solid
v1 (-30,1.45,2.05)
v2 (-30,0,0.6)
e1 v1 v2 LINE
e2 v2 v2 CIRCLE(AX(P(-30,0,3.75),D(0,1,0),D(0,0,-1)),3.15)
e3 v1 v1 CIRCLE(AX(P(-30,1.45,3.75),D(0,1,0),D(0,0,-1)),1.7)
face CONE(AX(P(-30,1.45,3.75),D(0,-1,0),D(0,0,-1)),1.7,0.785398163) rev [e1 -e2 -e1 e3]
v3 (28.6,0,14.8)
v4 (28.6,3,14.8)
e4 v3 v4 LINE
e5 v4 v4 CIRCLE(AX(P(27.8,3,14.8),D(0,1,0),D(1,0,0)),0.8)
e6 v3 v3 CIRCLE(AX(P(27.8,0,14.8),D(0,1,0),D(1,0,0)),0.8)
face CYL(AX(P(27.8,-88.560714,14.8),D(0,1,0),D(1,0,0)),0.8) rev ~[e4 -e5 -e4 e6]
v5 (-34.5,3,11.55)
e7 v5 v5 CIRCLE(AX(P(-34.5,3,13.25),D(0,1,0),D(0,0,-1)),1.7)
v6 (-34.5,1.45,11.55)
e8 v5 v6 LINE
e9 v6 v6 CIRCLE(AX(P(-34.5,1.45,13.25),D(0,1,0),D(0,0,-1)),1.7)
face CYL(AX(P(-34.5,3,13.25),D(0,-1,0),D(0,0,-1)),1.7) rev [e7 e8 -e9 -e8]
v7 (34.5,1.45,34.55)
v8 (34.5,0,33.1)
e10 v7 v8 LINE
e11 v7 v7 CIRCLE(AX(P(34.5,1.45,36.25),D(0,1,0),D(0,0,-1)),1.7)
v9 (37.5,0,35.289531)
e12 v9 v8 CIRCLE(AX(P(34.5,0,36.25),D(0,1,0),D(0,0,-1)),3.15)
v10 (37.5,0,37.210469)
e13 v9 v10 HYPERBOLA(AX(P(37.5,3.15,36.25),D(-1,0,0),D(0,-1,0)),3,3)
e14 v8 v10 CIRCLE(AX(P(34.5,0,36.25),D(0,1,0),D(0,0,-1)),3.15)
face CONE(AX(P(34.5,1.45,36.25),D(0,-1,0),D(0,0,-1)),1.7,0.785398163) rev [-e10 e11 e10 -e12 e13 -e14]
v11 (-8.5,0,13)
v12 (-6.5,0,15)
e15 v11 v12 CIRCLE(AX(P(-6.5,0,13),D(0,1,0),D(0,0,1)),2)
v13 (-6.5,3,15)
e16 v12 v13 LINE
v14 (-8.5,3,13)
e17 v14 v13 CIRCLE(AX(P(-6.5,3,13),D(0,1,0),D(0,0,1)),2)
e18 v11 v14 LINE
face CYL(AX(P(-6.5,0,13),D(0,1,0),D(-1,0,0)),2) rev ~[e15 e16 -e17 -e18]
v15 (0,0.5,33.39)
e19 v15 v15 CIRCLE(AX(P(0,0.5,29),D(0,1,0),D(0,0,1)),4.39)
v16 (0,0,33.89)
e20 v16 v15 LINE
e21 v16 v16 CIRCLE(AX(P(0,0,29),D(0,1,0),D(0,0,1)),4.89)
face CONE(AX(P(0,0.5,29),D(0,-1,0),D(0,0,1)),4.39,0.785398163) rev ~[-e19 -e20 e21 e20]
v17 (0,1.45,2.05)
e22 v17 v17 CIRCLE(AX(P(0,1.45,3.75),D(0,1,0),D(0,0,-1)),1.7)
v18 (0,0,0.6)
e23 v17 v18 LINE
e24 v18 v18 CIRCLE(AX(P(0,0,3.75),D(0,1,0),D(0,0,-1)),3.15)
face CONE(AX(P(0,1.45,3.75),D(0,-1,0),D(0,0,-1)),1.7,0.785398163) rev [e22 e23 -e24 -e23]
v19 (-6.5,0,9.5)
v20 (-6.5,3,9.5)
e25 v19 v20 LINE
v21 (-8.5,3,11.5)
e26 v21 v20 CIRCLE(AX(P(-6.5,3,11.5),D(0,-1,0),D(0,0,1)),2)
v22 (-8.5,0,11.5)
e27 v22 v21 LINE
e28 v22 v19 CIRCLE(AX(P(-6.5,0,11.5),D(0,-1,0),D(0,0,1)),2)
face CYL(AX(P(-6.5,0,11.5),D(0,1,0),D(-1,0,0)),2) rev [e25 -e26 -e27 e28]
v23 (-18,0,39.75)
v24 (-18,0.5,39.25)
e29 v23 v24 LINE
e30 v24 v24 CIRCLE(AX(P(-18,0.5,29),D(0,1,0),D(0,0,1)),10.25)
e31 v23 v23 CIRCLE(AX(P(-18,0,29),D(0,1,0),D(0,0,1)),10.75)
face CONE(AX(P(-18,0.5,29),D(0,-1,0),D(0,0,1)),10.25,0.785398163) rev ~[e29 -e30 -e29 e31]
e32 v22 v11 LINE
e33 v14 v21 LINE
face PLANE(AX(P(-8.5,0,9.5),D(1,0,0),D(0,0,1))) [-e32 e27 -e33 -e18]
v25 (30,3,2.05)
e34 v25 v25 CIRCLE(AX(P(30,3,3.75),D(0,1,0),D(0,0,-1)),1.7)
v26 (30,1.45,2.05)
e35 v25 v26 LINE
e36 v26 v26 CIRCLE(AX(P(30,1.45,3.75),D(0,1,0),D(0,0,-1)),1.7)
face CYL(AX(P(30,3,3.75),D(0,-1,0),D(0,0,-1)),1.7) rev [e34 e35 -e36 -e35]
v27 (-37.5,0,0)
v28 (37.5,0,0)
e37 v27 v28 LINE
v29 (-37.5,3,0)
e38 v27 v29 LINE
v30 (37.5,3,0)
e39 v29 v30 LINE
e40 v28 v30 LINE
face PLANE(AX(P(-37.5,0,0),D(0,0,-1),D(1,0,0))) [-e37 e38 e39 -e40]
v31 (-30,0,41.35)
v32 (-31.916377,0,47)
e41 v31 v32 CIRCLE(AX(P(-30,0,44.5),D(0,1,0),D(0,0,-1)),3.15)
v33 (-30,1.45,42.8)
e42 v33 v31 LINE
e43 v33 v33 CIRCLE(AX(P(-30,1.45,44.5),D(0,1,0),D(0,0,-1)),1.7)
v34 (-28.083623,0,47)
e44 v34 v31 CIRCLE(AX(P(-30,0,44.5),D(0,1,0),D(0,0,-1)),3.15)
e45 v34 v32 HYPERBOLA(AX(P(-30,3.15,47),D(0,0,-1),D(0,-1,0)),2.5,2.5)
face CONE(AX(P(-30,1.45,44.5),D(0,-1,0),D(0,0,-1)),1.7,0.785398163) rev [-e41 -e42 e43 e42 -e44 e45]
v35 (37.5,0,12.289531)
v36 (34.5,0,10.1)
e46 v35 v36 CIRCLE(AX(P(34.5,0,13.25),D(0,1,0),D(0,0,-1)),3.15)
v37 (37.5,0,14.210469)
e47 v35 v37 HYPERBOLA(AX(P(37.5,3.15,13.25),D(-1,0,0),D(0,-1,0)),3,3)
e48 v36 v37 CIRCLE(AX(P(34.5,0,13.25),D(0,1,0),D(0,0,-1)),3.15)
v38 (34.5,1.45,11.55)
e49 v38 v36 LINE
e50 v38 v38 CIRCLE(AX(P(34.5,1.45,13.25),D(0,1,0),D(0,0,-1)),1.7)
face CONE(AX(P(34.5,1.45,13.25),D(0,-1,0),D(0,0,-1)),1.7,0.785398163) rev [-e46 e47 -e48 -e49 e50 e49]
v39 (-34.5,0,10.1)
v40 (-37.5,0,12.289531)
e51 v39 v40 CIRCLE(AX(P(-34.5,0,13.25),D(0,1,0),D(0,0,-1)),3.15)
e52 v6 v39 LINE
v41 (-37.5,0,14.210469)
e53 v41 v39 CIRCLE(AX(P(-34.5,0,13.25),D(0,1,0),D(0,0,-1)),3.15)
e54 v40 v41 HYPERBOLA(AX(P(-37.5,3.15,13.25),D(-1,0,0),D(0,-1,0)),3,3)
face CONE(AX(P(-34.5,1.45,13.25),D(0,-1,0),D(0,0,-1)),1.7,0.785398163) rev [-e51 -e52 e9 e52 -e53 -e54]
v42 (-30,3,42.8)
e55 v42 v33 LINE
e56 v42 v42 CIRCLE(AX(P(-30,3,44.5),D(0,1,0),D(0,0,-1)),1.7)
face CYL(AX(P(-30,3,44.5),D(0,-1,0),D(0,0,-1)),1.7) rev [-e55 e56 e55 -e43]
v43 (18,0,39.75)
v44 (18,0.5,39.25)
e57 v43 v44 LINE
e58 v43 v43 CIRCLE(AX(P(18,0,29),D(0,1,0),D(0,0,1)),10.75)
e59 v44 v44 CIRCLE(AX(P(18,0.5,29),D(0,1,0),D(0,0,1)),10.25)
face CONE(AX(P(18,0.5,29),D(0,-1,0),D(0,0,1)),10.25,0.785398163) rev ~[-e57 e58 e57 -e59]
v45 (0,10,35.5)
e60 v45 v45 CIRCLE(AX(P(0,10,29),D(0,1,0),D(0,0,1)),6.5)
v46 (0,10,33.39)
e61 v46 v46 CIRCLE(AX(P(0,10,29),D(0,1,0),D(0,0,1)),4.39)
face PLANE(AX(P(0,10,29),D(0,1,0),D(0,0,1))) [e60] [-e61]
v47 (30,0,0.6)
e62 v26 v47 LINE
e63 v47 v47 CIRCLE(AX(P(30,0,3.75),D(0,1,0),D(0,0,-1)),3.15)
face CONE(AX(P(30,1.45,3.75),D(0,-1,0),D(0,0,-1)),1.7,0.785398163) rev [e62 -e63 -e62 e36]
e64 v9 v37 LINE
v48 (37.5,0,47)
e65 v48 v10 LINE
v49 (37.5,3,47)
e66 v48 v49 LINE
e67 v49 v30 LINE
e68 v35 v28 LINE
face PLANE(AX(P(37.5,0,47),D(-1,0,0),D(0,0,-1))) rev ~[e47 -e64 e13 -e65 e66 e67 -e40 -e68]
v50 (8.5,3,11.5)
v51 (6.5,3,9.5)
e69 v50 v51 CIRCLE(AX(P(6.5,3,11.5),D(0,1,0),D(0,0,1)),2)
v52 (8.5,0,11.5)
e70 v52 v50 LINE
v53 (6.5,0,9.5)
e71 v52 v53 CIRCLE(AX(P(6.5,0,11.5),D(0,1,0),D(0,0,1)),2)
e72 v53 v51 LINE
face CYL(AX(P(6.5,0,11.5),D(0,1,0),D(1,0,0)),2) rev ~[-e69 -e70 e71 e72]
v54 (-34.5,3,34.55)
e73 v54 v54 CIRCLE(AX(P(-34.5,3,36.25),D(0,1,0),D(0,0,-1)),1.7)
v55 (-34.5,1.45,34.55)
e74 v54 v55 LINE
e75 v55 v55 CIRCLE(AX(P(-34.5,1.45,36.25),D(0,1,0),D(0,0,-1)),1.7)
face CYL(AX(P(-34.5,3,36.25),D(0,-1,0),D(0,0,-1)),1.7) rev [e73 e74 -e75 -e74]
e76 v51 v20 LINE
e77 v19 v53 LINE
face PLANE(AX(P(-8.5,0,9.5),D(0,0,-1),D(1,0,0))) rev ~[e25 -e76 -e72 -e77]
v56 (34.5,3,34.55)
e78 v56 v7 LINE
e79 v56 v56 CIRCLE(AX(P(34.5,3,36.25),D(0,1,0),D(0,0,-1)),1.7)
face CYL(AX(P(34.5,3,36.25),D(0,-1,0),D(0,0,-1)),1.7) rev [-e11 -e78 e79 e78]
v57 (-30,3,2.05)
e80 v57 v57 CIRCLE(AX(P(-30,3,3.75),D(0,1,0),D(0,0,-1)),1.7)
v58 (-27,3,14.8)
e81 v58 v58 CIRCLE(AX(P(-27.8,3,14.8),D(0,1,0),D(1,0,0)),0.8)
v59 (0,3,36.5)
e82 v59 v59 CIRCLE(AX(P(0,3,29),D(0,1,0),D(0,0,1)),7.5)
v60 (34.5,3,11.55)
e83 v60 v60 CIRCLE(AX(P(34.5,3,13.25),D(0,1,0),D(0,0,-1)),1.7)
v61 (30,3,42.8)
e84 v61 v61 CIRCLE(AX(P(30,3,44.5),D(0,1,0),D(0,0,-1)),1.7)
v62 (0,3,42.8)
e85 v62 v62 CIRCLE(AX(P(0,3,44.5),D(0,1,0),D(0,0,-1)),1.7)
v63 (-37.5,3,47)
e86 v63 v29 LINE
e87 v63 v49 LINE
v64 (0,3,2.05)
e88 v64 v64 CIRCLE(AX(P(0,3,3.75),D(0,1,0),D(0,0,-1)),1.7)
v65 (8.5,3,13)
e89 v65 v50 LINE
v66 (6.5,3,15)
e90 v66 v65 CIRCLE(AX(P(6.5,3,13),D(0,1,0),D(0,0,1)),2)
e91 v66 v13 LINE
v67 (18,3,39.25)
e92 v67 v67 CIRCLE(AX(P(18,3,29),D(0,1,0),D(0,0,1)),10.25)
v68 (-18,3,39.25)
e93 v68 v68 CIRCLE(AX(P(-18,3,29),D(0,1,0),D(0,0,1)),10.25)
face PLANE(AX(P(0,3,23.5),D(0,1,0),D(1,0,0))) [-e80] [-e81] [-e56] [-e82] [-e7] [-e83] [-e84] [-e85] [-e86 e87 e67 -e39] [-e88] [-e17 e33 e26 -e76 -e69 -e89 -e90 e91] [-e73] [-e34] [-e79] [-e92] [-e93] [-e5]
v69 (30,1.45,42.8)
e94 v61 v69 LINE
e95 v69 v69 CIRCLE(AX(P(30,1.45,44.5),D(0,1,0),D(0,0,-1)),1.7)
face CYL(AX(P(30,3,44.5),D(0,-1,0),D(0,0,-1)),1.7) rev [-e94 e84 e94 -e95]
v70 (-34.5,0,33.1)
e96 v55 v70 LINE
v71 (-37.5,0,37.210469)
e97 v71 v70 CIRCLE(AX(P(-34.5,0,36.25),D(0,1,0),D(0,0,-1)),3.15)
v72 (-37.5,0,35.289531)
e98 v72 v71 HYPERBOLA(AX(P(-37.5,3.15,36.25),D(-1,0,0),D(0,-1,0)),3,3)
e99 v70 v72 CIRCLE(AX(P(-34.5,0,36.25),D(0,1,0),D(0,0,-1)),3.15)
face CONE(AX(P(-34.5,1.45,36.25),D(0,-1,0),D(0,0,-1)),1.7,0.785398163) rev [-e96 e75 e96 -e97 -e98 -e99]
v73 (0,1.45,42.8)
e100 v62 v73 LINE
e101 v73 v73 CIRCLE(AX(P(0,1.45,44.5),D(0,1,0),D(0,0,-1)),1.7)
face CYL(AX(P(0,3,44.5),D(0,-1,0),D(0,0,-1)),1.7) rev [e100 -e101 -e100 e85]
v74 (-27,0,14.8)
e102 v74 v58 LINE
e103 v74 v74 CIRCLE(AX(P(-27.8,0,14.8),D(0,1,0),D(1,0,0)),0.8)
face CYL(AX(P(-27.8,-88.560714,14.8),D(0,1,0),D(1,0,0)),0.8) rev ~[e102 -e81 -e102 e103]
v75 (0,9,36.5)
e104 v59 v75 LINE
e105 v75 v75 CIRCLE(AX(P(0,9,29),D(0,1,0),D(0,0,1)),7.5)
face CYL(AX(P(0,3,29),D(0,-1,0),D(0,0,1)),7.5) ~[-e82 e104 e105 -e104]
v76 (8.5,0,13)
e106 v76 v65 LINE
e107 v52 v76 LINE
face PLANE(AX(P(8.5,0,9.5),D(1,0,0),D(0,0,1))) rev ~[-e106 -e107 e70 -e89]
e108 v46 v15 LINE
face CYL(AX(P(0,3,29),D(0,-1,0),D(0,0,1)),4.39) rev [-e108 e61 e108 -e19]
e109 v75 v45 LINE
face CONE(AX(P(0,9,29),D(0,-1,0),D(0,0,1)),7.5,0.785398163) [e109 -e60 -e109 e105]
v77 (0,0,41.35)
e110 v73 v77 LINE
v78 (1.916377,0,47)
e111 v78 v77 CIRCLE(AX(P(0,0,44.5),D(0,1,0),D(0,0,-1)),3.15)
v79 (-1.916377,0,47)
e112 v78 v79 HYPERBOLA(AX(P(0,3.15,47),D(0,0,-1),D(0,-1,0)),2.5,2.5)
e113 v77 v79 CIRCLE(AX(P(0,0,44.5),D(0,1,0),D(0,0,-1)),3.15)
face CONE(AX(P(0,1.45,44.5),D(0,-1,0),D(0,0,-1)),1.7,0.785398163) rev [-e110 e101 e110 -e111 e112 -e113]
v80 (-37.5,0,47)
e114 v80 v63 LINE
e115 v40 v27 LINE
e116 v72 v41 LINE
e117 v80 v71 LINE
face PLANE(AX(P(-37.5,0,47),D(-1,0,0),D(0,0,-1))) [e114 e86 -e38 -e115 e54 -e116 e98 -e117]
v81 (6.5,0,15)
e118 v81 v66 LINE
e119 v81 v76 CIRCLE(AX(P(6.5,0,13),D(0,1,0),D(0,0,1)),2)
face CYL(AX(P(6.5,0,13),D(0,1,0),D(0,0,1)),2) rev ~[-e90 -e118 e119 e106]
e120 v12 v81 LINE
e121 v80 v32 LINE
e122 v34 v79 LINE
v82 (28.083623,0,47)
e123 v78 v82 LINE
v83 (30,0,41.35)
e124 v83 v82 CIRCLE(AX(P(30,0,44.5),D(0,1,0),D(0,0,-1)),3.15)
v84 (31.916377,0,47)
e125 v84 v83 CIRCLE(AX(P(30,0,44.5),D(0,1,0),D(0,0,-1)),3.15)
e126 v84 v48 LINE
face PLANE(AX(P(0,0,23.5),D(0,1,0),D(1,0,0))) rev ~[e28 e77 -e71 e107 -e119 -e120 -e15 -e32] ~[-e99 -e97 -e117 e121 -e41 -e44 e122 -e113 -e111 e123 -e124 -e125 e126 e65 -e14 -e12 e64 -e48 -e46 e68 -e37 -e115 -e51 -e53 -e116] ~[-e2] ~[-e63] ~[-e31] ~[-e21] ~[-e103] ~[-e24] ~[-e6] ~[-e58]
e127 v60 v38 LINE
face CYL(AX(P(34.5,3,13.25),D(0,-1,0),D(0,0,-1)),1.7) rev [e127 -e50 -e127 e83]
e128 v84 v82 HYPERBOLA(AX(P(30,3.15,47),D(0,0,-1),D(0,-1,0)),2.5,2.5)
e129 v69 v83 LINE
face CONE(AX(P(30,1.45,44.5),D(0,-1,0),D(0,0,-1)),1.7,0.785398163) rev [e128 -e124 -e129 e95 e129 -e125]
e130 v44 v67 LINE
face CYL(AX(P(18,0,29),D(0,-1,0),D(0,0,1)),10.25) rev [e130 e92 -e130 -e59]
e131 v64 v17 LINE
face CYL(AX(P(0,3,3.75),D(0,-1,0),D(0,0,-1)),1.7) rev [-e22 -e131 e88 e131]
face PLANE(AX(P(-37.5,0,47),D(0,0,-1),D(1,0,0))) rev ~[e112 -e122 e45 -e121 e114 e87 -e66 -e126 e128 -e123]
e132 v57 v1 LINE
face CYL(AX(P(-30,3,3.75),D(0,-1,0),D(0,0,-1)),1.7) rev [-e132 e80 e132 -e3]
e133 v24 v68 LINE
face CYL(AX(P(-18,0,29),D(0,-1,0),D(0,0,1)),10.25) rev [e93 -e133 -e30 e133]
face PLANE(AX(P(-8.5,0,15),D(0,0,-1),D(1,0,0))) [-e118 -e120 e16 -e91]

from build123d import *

# Parameters (mm, degrees)
SKETCH_1_W                 = 75
SKETCH_1_H                 = 47
SKETCH_1_R                 = 10.25
SKETCH_1_R_2               = 4.39
EXTRUDE_746_DEPTH          = 3
HOLE_WIZARD_M3_AT_2_COUNT  = 2
HOLE_WIZARD_M3_AT_2_PITCH  = 30
HOLE_WIZARD_M3_AT_3_COUNT  = 2
HOLE_WIZARD_M3_AT_3_PITCH  = 30
HOLE_WIZARD_M3_AT_4_COUNT  = 2
HOLE_WIZARD_M3_AT_4_PITCH  = 40.75
HOLE_WIZARD_M3_AT_5_COUNT  = 2
HOLE_WIZARD_M3_AT_5_PITCH  = 50.602000949
HOLE_WIZARD_M3_AT_6_COUNT  = 2
HOLE_WIZARD_M3_AT_6_PITCH  = 50.602000949
HOLE_WIZARD_M3_AT_7_COUNT  = 2
HOLE_WIZARD_M3_AT_7_PITCH  = 35.472700771
HOLE_WIZARD_M3_AT_8_COUNT  = 2
HOLE_WIZARD_M3_AT_8_PITCH  = 35.472700771
HOLE_WIZARD_M3_AT_9_COUNT  = 2
HOLE_WIZARD_M3_AT_9_PITCH  = 46.549033287
HOLE_WIZARD_M3_AT_10_COUNT = 2
HOLE_WIZARD_M3_AT_10_PITCH = 46.549033287
CHAMFER_1_SIZE             = 0.5
SKETCH_6_W                 = 17
SKETCH_6_H                 = 5.5
CUT_EXTRUDE_1_DEPTH        = 61.201744161
FILLET_1_R                 = 2
HOLE_WIZARD_M21_D          = 1.6
SKETCH_10_R                = 7.5
SKETCH_10_R_2              = 4.39
EXTRUDE_1_DEPTH            = 7
CHAMFER_2_SIZE             = 1


with BuildPart() as part:
    # Эскиз1 → Extrude 746 (new body)
    with BuildSketch(Plane(origin=(0, 0, 0), x_dir=(1, 0, 0), z_dir=(0, 1, 0))):
        with Locations((0, -23.5)):
            Rectangle(SKETCH_1_W, SKETCH_1_H)
        with Locations(Location((18, -29, 0), (0, 0, 270))):
            Circle(SKETCH_1_R, mode=Mode.SUBTRACT)
        with Locations(Location((-18, -29, 0), (0, 0, 270))):
            Circle(SKETCH_1_R, mode=Mode.SUBTRACT)
        with Locations(Location((0, -29, 0), (0, 0, 270))):
            Circle(SKETCH_1_R_2, mode=Mode.SUBTRACT)
    extrude(amount=EXTRUDE_746_DEPTH)

    # Эскиз3 → Крепление стенок M3 (revolve, cut)
    with BuildSketch(Plane(origin=(0, 0, 44.5), x_dir=(0, 0, -1), z_dir=(1, 0, 0))):
        Polygon((0, 0), (0, 3), (1.7, 3), (1.7, 1.45), (3.15, 0), align=None)
    hole_wizard_m3 = revolve(axis=Axis((0, -6.35, 44.5), (0, 1, 0)), mode=Mode.SUBTRACT)

    # Крепление стенок M3 at 2: Крепление стенок M3 ×2
    with Locations(*[(i * HOLE_WIZARD_M3_AT_2_PITCH, 0, 0) for i in range(1, HOLE_WIZARD_M3_AT_2_COUNT)]):
        add(hole_wizard_m3, mode=Mode.SUBTRACT)

    # Крепление стенок M3 at 3: Крепление стенок M3 ×2
    with Locations(*[(-i * HOLE_WIZARD_M3_AT_3_PITCH, 0, 0) for i in range(1, HOLE_WIZARD_M3_AT_3_COUNT)]):
        add(hole_wizard_m3, mode=Mode.SUBTRACT)

    # Крепление стенок M3 at 4: Крепление стенок M3 ×2
    with Locations(*[(0, 0, -i * HOLE_WIZARD_M3_AT_4_PITCH) for i in range(1, HOLE_WIZARD_M3_AT_4_COUNT)]):
        add(hole_wizard_m3, mode=Mode.SUBTRACT)

    # Крепление стенок M3 at 5: Крепление стенок M3 ×2
    with Locations(*[Vector(-0.5928619311020034, 0, -0.8053041230802209) * (i * HOLE_WIZARD_M3_AT_5_PITCH) for i in range(1, HOLE_WIZARD_M3_AT_5_COUNT)]):
        add(hole_wizard_m3, mode=Mode.SUBTRACT)

    # Крепление стенок M3 at 6: Крепление стенок M3 ×2
    with Locations(*[Vector(0.5928619311020034, 0, -0.8053041230802209) * (i * HOLE_WIZARD_M3_AT_6_PITCH) for i in range(1, HOLE_WIZARD_M3_AT_6_COUNT)]):
        add(hole_wizard_m3, mode=Mode.SUBTRACT)

    # Крепление стенок M3 at 7: Крепление стенок M3 ×2
    with Locations(*[Vector(-0.972578891654415, 0, -0.23257321322170757) * (i * HOLE_WIZARD_M3_AT_7_PITCH) for i in range(1, HOLE_WIZARD_M3_AT_7_COUNT)]):
        add(hole_wizard_m3, mode=Mode.SUBTRACT)

    # Крепление стенок M3 at 8: Крепление стенок M3 ×2
    with Locations(*[Vector(0.972578891654415, 0, -0.23257321322170757) * (i * HOLE_WIZARD_M3_AT_8_PITCH) for i in range(1, HOLE_WIZARD_M3_AT_8_COUNT)]):
        add(hole_wizard_m3, mode=Mode.SUBTRACT)

    # Крепление стенок M3 at 9: Крепление стенок M3 ×2
    with Locations(*[Vector(0.7411539523694183, 0, -0.6713351017838932) * (i * HOLE_WIZARD_M3_AT_9_PITCH) for i in range(1, HOLE_WIZARD_M3_AT_9_COUNT)]):
        add(hole_wizard_m3, mode=Mode.SUBTRACT)

    # Крепление стенок M3 at 10: Крепление стенок M3 ×2
    with Locations(*[Vector(-0.7411539523694182, 0, -0.6713351017838932) * (i * HOLE_WIZARD_M3_AT_10_PITCH) for i in range(1, HOLE_WIZARD_M3_AT_10_COUNT)]):
        add(hole_wizard_m3, mode=Mode.SUBTRACT)

    # Фаска1
    chamfer_1_edges = [part.edges().sort_by_distance(p)[0] for p in [
        (0, 0, 24.61),
        (18, 0, 18.75),
        (-18, 0, 18.75),
    ]]
    chamfer(chamfer_1_edges, length=CHAMFER_1_SIZE)

    # Эскиз6 → Вырез-Вытянуть1 (cut, through all)
    with BuildSketch(Plane.XZ):
        with Locations((0, 12.25)):
            Rectangle(SKETCH_6_W, SKETCH_6_H)
    extrude(amount=-CUT_EXTRUDE_1_DEPTH, mode=Mode.SUBTRACT)

    # Скругление1
    fillet_1_edges = [part.edges().sort_by_distance(p)[0] for p in [
        (-8.5, 1.5, 9.5),
        (-8.5, 1.5, 15),
        (8.5, 1.5, 15),
        (8.5, 1.5, 9.5),
    ]]
    fillet(fillet_1_edges, radius=FILLET_1_R)

    # Отверстие обработанное метчиком M21 (through all)
    with Locations(Plane(origin=(0, 0, 0), x_dir=(-1, 0, 0), z_dir=(0, -1, 0))):
        with Locations((27.8, -14.8), (-27.8, -14.8)):
            Hole(HOLE_WIZARD_M21_D / 2)

    # Эскиз10 → Бобышка-Вытянуть1 (add)
    with BuildSketch(Plane(origin=(0, 3, 0), x_dir=(1, 0, 0), z_dir=(0, 1, 0))):
        with Locations(Location((0, -29, 0), (0, 0, 270))):
            Circle(SKETCH_10_R)
        with Locations(Location((0, -29, 0), (0, 0, 270))):
            Circle(SKETCH_10_R_2, mode=Mode.SUBTRACT)
    extrude(amount=EXTRUDE_1_DEPTH)

    # Фаска2
    chamfer_2_edges = [part.edges().sort_by_distance(p)[0] for p in [
        (0, 10, 21.5),
    ]]
    chamfer(chamfer_2_edges, length=CHAMFER_2_SIZE)


solid = part.part
